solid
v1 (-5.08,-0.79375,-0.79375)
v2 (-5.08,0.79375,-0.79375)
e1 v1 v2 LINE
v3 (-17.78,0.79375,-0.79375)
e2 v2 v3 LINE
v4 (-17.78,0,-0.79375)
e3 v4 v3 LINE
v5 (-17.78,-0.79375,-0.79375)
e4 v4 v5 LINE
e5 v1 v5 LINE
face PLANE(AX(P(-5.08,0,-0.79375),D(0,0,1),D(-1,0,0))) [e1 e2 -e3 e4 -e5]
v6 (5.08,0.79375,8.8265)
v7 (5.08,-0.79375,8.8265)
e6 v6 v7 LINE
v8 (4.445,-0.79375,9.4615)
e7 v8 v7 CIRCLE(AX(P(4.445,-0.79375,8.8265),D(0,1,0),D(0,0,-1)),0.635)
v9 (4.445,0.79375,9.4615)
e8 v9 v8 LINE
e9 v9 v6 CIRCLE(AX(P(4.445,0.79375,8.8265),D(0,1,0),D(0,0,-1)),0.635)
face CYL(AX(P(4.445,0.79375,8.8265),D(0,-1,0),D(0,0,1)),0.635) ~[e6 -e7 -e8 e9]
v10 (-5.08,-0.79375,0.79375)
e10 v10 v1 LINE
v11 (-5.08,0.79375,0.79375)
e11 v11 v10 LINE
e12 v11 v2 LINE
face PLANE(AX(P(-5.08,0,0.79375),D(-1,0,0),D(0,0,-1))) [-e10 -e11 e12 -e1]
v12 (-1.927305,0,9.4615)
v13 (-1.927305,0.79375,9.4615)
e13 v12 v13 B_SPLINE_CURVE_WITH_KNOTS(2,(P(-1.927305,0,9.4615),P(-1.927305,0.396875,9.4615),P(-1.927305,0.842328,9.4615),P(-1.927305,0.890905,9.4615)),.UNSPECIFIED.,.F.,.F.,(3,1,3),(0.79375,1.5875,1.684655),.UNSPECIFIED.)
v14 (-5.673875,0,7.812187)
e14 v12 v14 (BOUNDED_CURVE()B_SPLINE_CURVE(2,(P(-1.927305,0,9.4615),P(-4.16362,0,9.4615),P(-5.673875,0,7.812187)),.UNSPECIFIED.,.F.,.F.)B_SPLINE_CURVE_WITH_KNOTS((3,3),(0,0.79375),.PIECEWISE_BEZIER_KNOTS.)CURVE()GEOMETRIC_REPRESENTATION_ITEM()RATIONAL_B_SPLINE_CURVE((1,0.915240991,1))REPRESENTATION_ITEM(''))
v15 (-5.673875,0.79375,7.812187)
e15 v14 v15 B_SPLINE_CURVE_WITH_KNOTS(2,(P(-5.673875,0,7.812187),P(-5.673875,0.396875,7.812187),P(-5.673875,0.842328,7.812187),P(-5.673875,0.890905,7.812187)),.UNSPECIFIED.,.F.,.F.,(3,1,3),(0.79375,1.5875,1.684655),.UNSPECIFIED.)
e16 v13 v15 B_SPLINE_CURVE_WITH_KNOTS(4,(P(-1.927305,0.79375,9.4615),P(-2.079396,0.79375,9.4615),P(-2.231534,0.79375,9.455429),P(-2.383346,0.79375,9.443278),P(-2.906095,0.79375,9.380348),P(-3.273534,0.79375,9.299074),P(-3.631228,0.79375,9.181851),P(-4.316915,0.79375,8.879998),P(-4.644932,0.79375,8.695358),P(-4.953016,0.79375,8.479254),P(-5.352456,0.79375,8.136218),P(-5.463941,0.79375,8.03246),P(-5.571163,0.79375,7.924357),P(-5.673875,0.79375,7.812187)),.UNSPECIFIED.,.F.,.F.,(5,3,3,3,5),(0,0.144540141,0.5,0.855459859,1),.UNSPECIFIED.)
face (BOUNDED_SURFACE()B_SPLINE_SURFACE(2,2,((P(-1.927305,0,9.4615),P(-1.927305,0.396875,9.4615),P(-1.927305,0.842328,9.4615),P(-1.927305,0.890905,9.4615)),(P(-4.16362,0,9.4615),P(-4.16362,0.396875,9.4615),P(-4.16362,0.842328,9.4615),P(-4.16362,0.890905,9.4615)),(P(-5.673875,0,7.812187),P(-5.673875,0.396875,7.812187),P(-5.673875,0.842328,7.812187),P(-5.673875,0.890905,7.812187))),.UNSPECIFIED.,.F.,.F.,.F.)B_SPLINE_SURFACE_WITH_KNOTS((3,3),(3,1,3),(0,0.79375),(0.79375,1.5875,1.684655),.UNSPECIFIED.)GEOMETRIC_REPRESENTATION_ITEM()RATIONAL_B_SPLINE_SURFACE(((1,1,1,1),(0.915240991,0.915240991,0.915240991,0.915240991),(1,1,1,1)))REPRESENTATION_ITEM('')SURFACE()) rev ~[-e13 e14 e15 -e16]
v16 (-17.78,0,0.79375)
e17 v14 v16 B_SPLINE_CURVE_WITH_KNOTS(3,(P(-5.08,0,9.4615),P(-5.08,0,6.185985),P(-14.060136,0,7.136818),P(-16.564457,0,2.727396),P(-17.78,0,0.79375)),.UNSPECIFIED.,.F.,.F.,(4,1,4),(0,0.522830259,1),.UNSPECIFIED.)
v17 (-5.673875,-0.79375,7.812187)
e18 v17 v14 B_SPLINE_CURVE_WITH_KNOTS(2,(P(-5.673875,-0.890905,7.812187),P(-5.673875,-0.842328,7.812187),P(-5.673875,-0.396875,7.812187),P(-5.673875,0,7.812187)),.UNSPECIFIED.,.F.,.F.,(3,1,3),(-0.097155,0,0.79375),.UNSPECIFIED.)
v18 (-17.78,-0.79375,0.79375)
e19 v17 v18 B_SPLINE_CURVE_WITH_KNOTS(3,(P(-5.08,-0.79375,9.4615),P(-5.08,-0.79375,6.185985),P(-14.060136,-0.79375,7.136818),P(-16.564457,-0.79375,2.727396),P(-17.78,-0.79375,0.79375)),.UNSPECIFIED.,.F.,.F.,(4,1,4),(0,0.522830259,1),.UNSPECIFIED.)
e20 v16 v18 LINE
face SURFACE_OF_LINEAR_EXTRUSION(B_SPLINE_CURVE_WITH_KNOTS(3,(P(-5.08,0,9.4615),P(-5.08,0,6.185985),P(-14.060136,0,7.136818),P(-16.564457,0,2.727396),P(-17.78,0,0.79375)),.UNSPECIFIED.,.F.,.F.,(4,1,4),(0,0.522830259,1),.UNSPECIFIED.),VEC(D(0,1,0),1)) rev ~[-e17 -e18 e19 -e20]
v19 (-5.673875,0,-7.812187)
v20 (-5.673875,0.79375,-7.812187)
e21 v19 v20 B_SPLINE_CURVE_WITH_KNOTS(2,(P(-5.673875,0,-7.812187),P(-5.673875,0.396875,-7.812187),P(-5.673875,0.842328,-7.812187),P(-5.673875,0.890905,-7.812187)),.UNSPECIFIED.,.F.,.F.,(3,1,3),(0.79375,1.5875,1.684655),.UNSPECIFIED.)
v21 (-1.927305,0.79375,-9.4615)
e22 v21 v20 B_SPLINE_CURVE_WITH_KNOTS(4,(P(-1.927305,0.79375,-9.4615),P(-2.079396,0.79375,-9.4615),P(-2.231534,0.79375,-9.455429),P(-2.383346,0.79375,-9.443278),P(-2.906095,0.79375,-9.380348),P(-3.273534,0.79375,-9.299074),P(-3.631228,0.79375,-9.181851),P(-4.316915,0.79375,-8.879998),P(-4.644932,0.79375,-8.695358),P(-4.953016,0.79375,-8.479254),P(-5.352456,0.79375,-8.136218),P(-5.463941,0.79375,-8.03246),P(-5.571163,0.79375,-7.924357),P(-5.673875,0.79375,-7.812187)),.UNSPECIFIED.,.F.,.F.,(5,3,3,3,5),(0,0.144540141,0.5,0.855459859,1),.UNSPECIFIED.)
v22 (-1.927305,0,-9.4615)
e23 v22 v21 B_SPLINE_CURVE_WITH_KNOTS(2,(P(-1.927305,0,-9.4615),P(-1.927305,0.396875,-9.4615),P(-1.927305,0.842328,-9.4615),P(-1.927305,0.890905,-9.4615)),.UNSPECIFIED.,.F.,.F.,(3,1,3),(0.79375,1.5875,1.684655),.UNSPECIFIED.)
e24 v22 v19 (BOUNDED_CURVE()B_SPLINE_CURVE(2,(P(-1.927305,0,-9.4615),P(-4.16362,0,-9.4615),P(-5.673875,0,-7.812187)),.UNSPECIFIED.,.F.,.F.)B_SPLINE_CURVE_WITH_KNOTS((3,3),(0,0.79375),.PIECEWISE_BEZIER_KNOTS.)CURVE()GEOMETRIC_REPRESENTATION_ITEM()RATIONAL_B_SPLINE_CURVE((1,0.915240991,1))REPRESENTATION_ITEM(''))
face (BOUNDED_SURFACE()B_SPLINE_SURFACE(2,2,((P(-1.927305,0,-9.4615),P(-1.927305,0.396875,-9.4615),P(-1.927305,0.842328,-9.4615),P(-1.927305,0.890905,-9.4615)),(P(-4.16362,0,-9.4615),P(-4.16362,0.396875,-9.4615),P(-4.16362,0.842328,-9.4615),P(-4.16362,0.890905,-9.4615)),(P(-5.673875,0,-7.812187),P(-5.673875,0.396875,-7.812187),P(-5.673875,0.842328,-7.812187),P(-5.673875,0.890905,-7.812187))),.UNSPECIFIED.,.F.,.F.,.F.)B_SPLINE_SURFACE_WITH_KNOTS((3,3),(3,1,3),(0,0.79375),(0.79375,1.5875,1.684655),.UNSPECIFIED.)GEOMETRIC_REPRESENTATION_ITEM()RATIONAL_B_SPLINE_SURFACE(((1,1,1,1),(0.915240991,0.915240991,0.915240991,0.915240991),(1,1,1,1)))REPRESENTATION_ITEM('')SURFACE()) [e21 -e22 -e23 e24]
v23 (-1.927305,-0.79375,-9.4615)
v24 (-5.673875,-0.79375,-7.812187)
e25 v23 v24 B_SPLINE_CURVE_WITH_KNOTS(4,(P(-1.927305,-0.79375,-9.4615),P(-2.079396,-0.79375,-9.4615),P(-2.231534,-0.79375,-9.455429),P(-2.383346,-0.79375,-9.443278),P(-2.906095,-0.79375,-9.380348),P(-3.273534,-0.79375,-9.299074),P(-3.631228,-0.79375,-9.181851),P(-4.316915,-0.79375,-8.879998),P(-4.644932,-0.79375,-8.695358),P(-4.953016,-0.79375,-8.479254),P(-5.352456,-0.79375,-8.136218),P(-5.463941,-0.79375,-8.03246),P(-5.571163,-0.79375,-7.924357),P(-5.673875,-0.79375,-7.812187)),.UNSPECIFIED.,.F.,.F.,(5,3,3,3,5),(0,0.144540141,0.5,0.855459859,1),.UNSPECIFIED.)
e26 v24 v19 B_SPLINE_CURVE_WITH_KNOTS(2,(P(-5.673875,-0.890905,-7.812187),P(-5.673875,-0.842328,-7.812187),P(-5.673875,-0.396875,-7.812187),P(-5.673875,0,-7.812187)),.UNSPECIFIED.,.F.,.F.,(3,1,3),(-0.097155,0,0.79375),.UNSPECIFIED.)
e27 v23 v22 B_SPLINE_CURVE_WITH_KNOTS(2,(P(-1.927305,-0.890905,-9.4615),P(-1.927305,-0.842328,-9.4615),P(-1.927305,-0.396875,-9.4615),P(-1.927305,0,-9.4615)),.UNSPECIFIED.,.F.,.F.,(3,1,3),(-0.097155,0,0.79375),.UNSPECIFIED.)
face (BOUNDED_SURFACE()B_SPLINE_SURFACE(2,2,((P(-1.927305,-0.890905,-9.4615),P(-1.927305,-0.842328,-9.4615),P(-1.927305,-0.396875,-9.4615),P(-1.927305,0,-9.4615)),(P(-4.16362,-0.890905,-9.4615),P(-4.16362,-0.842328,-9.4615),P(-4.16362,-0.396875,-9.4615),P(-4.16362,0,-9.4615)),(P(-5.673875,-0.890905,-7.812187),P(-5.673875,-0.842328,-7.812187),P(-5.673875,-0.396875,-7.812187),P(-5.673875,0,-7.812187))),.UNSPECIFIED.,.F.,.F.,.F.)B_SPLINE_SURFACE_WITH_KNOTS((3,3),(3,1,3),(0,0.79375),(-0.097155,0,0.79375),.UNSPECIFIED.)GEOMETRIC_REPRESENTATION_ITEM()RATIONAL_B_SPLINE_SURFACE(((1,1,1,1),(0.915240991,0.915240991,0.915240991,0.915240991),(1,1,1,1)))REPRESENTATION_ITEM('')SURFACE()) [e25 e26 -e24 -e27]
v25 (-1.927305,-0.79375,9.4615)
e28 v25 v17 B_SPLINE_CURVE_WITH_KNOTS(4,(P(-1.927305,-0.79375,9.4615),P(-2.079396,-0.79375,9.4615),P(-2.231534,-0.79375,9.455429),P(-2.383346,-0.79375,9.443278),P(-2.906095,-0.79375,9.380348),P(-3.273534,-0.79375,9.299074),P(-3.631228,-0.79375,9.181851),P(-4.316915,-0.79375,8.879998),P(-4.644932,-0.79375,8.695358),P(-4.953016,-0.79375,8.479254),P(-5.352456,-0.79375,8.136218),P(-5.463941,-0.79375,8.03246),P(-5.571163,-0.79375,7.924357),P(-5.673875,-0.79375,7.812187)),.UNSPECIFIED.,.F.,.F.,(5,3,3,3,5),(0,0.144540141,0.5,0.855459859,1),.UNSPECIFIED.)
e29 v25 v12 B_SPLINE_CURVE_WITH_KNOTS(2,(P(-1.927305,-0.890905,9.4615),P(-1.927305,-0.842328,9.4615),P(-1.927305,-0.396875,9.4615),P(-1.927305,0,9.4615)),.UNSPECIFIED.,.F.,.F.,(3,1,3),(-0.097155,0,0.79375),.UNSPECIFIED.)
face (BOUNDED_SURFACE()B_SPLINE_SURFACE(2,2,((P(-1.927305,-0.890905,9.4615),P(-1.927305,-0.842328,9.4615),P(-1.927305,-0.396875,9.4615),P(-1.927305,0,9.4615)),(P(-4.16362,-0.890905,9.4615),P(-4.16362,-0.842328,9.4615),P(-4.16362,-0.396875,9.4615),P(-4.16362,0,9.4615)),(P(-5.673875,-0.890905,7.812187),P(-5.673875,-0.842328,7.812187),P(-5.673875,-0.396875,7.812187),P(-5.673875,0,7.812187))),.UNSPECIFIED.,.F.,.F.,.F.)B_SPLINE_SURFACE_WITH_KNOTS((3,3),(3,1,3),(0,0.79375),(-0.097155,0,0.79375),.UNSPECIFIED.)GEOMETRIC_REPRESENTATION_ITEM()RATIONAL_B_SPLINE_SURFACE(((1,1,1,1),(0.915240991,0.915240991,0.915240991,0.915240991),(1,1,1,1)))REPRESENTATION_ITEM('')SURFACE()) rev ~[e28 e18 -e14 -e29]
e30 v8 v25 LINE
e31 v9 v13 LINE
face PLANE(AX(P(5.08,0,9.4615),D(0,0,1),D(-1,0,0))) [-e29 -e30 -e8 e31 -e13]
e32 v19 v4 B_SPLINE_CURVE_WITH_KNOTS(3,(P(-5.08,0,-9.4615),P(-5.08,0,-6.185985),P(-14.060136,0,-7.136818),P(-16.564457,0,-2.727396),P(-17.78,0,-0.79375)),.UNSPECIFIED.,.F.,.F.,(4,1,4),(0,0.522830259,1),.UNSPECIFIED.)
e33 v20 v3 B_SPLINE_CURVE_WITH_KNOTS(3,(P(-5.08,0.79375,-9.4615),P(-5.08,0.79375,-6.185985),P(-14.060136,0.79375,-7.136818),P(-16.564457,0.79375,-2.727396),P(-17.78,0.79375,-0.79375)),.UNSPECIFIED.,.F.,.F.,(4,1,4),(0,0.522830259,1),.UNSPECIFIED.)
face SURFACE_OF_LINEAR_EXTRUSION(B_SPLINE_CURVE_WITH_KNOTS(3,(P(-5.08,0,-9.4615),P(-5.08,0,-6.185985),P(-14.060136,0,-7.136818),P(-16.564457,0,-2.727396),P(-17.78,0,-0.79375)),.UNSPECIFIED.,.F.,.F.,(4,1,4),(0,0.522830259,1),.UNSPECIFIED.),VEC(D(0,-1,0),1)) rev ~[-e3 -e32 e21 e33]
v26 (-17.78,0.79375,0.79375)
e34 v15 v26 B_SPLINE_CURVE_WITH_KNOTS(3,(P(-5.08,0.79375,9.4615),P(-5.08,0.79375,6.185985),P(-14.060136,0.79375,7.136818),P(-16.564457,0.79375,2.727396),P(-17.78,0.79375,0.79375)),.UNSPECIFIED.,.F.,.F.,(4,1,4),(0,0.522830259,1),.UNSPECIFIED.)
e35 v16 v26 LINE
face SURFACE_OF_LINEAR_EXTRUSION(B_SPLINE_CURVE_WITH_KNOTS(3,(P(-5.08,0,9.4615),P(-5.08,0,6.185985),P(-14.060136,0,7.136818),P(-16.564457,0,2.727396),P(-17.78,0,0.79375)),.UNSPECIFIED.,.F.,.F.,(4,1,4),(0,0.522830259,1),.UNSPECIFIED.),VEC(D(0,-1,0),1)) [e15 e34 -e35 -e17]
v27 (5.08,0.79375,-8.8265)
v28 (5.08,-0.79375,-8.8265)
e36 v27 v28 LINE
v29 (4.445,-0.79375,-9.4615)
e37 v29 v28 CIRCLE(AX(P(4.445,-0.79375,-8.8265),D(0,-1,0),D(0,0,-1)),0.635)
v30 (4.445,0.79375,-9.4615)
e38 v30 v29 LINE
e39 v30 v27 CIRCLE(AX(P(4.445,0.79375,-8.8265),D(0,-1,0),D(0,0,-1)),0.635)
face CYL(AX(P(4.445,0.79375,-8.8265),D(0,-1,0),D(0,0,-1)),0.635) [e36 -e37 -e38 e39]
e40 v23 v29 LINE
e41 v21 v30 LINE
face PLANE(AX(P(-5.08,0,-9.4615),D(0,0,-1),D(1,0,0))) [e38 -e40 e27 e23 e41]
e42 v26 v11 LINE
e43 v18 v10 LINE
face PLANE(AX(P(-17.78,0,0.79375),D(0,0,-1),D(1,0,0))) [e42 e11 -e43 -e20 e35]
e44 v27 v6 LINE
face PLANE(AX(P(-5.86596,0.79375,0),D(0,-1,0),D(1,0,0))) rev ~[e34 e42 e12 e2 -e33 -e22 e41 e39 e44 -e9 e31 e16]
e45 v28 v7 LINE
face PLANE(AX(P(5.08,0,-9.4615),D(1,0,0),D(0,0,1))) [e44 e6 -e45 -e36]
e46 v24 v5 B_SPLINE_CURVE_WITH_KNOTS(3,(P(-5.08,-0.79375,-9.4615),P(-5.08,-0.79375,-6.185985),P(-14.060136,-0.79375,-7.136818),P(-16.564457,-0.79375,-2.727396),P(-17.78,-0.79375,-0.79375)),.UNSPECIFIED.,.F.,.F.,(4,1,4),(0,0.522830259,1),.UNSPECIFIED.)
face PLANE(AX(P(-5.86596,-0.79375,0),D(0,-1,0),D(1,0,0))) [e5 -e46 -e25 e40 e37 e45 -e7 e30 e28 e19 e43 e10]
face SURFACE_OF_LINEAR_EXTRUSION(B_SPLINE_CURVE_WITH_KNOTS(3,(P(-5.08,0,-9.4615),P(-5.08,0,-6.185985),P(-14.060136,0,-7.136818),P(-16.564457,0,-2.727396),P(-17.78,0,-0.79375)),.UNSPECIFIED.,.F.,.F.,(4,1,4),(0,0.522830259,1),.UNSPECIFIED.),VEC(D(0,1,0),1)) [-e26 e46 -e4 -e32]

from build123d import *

# Parameters (mm, degrees)
F1_DEPTH = 0.79375
F2_R     = 0.635
F3_R     = 5.08


with BuildPart() as f1:
    # F0 (on Front) → F1 (new body, symmetric)
    with BuildSketch(Plane.XZ):
        with BuildLine():
            Line((-5.08, -9.4615), (5.08, -9.4615))
            Line((5.08, -9.4615), (5.08, 9.4615))
            Line((5.08, 9.4615), (-5.08, 9.4615))
            add(Edge.make_bspline(
                [(-5.08, 9.4615), (-5.08, 6.1859851204), (-14.0601360435, 7.136818114), (-16.564456746, 2.7273960877), (-17.78, 0.79375)],
                knots=[0, 0, 0, 0, 0.5228302589, 1, 1, 1, 1], degree=3))
            Line((-17.78, 0.79375), (-5.08, 0.79375))
            Line((-5.08, 0.79375), (-5.08, -0.79375))
            Line((-5.08, -0.79375), (-17.78, -0.79375))
            add(Edge.make_bspline(
                [(-5.08, -9.4615), (-5.08, -6.1859851204), (-14.0601360435, -7.136818114), (-16.564456746, -2.7273960877), (-17.78, -0.79375)],
                knots=[0, 0, 0, 0, 0.5228302589, 1, 1, 1, 1], degree=3))
        make_face()
    extrude(amount=F1_DEPTH, both=True)

    # F2
    f2_edges = [f1.edges().sort_by_distance(p)[0] for p in [
        (5.08, 0, 9.4615),
        (5.08, 0, -9.4615),
    ]]
    fillet(f2_edges, radius=F2_R)

    # F3
    f3_edges = [f1.edges().sort_by_distance(p)[0] for p in [
        (-5.08, 0.396875, 9.4615),
        (-5.08, -0.396875, 9.4615),
        (-5.08, 0.396875, -9.4615),
        (-5.08, -0.396875, -9.4615),
    ]]
    fillet(f3_edges, radius=F3_R)


solid = f1.part
